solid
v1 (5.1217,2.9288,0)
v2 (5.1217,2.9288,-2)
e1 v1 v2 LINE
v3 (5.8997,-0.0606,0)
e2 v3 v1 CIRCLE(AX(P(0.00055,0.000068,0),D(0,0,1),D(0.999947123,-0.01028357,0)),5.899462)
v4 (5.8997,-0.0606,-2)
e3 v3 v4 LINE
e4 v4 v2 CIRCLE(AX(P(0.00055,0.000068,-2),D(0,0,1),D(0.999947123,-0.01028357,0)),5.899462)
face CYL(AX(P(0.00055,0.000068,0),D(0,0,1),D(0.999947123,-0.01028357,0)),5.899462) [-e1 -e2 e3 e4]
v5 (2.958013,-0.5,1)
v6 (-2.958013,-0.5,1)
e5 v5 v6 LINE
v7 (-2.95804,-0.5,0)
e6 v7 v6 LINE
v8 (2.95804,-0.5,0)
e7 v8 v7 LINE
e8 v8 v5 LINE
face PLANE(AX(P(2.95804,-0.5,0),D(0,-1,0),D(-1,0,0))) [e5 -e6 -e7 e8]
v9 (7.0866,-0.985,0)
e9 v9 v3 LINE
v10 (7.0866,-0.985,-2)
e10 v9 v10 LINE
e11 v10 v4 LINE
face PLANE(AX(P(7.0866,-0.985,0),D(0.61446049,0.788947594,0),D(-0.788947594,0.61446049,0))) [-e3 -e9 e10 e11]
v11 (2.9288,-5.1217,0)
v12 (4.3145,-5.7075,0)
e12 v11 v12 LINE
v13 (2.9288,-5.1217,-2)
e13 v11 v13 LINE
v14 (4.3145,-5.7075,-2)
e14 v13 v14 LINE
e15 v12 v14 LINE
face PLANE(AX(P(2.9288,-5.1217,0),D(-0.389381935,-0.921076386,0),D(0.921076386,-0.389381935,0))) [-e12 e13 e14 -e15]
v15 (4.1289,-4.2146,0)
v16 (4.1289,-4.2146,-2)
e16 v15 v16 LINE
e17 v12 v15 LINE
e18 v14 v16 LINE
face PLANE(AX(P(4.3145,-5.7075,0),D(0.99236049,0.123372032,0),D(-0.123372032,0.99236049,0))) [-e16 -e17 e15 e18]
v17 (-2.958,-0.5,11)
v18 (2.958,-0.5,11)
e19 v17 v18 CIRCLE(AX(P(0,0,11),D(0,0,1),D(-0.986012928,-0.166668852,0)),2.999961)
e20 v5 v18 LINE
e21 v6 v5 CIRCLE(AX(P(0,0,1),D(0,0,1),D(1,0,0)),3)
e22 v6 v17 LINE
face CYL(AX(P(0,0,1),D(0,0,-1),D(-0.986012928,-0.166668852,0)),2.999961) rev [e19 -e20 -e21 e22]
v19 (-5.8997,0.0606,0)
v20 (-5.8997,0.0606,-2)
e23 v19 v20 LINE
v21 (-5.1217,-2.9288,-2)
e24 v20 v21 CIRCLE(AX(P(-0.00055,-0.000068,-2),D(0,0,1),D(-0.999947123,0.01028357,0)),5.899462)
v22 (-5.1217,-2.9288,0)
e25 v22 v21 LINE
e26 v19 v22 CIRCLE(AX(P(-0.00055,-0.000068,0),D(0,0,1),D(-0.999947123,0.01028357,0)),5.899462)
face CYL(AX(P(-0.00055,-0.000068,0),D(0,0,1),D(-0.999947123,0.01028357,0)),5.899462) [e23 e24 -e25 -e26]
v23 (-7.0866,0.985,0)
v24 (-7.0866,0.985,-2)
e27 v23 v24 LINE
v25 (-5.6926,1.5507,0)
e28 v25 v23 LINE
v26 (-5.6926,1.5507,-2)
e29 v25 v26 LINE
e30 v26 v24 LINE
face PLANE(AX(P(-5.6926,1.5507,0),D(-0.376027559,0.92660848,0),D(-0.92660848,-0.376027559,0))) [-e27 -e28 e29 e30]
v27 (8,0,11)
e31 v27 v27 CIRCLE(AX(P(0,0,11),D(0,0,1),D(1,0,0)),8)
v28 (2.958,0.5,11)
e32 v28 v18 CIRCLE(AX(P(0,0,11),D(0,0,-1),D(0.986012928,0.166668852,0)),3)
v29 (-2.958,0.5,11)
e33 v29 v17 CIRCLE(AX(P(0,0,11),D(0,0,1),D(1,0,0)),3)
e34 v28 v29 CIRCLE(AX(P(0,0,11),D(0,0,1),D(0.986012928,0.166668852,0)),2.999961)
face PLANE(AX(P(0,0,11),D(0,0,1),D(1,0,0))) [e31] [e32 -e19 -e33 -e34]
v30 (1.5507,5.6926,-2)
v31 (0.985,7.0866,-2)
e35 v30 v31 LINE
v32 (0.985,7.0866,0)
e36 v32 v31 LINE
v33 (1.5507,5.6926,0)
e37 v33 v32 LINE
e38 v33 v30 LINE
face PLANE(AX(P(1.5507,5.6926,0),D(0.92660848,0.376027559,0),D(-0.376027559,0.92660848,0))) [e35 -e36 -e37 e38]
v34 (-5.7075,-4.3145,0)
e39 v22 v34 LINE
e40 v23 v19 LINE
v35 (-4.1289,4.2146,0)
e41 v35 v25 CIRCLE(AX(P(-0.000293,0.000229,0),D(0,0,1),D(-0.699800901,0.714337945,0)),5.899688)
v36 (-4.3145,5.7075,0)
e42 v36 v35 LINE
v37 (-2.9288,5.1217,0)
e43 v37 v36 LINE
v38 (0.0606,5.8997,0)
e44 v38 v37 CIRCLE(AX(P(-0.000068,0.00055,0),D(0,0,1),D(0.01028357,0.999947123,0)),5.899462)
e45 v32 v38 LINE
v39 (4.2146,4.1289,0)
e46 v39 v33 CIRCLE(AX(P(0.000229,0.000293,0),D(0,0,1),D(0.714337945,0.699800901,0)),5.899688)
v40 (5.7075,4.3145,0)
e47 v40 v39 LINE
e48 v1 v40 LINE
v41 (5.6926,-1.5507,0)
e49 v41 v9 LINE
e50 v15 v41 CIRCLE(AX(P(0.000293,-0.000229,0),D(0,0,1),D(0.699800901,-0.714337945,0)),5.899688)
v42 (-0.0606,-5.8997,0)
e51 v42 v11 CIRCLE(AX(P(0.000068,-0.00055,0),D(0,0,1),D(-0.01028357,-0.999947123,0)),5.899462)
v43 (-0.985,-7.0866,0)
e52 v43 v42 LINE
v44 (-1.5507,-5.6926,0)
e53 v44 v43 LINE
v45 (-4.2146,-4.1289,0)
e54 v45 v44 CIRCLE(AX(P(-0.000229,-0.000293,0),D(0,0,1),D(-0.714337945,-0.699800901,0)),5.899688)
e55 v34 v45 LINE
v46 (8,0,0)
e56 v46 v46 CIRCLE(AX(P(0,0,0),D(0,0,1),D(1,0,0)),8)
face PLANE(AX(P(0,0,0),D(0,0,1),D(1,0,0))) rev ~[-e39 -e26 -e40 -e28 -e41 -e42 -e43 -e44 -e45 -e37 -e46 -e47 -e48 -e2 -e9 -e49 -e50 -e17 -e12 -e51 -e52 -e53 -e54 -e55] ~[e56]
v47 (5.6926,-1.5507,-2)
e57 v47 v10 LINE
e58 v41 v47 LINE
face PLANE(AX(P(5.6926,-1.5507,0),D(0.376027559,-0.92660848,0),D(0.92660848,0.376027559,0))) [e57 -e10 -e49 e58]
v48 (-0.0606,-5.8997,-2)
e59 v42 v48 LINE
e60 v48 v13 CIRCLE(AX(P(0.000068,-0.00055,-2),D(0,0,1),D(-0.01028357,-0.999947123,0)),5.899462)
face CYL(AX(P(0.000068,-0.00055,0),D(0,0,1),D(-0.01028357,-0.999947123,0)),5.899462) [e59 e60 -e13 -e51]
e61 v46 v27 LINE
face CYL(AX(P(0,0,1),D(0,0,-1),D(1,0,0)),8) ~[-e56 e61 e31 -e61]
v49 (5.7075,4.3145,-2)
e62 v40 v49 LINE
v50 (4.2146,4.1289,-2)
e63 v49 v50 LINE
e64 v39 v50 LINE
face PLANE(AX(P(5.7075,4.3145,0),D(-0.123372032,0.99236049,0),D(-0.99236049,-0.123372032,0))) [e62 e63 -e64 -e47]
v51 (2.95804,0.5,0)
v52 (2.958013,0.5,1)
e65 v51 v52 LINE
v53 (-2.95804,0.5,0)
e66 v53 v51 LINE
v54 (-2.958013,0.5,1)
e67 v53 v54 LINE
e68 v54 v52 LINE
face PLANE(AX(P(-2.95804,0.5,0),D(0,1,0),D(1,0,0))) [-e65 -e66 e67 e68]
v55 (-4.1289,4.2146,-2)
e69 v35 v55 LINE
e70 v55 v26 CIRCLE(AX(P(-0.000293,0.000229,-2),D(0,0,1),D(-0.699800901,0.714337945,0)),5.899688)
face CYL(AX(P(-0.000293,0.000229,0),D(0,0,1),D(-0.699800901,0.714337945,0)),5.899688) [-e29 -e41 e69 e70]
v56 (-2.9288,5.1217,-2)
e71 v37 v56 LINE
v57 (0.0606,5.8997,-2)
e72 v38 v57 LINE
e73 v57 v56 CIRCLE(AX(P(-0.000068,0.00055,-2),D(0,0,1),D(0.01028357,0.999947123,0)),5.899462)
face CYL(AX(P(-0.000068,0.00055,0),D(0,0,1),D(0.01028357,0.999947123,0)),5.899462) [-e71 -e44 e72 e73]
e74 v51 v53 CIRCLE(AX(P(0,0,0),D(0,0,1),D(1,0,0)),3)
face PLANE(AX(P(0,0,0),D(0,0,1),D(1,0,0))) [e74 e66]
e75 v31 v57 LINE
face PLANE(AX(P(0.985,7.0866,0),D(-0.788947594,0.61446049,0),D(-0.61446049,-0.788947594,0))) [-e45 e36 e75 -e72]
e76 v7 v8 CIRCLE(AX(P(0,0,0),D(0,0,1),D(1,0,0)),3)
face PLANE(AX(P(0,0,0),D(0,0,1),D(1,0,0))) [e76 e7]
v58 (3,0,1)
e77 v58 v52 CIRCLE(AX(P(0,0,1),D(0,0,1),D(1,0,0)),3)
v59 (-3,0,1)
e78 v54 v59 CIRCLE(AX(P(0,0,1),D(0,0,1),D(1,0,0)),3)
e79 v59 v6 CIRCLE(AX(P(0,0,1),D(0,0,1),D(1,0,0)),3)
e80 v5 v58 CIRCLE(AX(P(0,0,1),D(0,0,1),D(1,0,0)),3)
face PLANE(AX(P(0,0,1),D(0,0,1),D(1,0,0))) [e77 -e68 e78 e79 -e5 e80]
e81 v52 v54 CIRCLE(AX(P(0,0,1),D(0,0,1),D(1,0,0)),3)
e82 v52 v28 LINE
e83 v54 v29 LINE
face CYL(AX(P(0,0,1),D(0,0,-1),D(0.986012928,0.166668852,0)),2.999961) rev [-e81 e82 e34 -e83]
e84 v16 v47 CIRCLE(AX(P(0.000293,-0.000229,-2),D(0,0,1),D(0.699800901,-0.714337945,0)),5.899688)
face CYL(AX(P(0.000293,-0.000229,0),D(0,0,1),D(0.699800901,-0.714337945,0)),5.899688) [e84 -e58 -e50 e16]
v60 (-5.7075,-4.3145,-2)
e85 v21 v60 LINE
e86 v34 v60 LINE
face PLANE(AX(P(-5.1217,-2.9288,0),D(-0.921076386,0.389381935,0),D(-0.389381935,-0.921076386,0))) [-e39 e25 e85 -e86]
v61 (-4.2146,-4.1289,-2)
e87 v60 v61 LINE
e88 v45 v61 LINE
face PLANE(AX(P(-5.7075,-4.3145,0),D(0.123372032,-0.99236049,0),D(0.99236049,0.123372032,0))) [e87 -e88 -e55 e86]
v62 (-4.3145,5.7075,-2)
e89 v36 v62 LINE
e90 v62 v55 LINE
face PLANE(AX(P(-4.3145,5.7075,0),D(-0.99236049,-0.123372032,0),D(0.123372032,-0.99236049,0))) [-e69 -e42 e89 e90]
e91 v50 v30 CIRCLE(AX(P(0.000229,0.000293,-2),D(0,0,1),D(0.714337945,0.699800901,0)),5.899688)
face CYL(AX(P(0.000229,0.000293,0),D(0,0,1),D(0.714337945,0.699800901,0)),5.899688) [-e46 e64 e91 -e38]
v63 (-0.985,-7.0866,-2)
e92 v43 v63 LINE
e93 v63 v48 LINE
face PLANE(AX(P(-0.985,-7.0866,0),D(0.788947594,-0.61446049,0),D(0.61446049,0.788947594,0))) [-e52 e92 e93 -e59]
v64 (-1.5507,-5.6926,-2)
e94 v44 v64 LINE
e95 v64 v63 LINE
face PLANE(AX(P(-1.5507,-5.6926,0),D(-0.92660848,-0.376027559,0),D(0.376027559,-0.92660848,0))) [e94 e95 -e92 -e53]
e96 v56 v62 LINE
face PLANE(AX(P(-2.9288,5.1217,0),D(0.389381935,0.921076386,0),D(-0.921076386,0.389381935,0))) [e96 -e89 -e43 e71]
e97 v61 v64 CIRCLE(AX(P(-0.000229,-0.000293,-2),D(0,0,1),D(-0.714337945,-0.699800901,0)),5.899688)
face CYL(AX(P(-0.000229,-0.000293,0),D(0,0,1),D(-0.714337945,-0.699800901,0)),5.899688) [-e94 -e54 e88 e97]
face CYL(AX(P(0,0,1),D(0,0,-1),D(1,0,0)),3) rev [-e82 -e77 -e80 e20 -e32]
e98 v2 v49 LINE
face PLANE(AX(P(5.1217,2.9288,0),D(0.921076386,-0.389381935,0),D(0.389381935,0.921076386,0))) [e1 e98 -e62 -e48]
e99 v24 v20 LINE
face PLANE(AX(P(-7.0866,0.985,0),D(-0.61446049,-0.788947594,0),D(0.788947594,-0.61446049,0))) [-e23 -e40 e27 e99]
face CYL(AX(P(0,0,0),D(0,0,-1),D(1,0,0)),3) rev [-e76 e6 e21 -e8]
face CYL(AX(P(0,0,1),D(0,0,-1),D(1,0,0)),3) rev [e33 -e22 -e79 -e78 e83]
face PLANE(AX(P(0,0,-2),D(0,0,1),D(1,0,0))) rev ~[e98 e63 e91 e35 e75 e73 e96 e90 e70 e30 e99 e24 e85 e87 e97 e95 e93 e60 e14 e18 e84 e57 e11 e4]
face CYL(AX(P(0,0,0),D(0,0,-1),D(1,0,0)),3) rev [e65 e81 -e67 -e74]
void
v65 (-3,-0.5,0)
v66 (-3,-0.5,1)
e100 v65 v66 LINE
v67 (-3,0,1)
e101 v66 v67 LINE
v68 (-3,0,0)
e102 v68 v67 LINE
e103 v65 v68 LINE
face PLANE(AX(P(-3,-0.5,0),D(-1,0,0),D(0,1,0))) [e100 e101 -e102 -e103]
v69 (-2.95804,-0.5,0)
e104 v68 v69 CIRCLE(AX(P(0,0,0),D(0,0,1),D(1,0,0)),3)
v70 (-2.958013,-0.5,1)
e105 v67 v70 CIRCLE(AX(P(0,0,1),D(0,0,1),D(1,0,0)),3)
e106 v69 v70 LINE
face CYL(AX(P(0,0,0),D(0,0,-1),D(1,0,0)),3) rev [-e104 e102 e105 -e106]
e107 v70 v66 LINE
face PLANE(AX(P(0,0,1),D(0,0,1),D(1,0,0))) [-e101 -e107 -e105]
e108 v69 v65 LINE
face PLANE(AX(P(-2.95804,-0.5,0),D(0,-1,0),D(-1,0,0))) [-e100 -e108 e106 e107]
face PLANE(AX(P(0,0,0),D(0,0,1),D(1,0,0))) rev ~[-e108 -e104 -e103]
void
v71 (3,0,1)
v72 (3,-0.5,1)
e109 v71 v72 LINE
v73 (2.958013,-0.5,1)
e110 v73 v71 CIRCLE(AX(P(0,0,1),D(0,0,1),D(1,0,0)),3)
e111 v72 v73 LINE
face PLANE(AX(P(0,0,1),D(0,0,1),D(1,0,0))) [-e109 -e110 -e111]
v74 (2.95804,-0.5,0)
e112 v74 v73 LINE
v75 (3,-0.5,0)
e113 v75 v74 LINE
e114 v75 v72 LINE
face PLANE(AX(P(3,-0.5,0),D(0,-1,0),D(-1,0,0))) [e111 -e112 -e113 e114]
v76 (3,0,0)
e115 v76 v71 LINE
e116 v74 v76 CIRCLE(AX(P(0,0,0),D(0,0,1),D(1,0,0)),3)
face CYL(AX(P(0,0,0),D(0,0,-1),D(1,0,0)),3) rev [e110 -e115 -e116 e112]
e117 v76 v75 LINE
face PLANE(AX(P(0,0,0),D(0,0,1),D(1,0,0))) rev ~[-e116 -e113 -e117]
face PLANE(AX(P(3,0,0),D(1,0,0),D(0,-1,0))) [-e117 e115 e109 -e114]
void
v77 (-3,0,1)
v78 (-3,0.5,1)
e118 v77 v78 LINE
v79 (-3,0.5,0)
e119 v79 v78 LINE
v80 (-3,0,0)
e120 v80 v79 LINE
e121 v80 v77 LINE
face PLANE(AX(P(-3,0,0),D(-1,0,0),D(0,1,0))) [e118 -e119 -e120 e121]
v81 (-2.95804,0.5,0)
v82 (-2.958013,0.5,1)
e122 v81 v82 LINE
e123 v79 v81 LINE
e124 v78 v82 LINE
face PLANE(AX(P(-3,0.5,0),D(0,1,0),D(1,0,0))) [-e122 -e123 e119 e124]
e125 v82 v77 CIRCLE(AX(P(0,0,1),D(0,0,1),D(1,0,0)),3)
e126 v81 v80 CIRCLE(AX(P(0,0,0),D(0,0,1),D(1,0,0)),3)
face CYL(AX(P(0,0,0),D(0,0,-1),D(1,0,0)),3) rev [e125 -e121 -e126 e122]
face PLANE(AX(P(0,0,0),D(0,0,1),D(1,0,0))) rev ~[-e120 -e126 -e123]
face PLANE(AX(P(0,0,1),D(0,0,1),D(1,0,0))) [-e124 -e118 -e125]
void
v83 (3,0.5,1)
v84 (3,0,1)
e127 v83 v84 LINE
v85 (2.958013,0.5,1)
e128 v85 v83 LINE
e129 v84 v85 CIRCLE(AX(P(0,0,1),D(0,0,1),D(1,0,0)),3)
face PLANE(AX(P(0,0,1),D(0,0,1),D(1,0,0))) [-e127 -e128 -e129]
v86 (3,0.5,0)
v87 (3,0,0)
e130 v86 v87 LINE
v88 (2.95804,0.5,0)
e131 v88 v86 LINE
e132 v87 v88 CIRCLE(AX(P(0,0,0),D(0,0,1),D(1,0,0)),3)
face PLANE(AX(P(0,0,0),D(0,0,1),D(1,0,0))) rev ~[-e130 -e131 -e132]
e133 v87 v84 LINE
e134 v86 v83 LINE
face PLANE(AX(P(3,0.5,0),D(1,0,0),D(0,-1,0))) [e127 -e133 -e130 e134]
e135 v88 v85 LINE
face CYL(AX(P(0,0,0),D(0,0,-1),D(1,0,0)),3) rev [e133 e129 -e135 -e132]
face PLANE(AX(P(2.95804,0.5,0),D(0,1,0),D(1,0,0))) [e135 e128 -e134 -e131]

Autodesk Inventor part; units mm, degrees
ref_plane "YZ Plane" through (0, 0, 0) normal (1, 0, 0) x (0, 1, 0)
ref_plane "XZ Plane" through (0, 0, 0) normal (0, 1, 0) x (-1, 0, 0)
ref_plane "XY Plane" through (0, 0, 0) normal (0, 0, 1) x (1, 0, 0)
sketch "Sketch1" plane through (0, 0, 0) normal (0, 0, 1) x (1, 0, 0)
  circle A0 centre (0, 0) radius 8 projected
  circle A1 centre (0, 0) radius 8 projected
  arc A2 (-4.1289, 4.2146) -> (-5.6926, 1.5507) centre (0, 0) ccw projected
  line L0 (-5.6926, 1.5507) -> (-7.0866, 0.985) projected
  line L1 (-7.0866, 0.985) -> (-5.8997, 0.0606) projected
  arc A3 (-5.8997, 0.0606) -> (-5.1217, -2.9288) centre (0, 0) ccw projected
  line L2 (-5.1217, -2.9288) -> (-5.7075, -4.3145) projected
  line L3 (-5.7075, -4.3145) -> (-4.2146, -4.1289) projected
  arc A4 (-4.2146, -4.1289) -> (-1.5507, -5.6926) centre (0, 0) ccw projected
  line L4 (-1.5507, -5.6926) -> (-0.985, -7.0866) projected
  line L5 (-0.985, -7.0866) -> (-0.0606, -5.8997) projected
  arc A5 (-0.0606, -5.8997) -> (2.9288, -5.1217) centre (0, 0) ccw projected
  line L6 (2.9288, -5.1217) -> (4.3145, -5.7075) projected
  line L7 (4.3145, -5.7075) -> (4.1289, -4.2146) projected
  arc A6 (4.1289, -4.2146) -> (5.6926, -1.5507) centre (0, 0) ccw projected
  line L8 (5.6926, -1.5507) -> (7.0866, -0.985) projected
  line L9 (7.0866, -0.985) -> (5.8997, -0.0606) projected
  arc A7 (5.8997, -0.0606) -> (5.1217, 2.9288) centre (0, 0) ccw projected
  line L10 (5.1217, 2.9288) -> (5.7075, 4.3145) projected
  line L11 (5.7075, 4.3145) -> (4.2146, 4.1289) projected
  arc A8 (4.2146, 4.1289) -> (1.5507, 5.6926) centre (0, 0) ccw projected
  line L12 (1.5507, 5.6926) -> (0.985, 7.0866) projected
  line L13 (0.985, 7.0866) -> (0.0606, 5.8997) projected
  arc A9 (0.0606, 5.8997) -> (-2.9288, 5.1217) centre (0, 0) ccw projected
  line L14 (-2.9288, 5.1217) -> (-4.3145, 5.7075) projected
  line L15 (-4.3145, 5.7075) -> (-4.1289, 4.2146) projected
  line L16 (7.2864, -1.0128) -> (5.7765, -1.6254) projected
  arc A10 (4.2351, -4.2514) -> (5.7765, -1.6254) centre (0, 0) ccw projected
  line L17 (4.2351, -4.2514) -> (4.4361, -5.8684) projected
  line L18 (4.4361, -5.8684) -> (2.9353, -5.234) projected
  arc A11 (-0.0115, -6.0008) -> (2.9353, -5.234) centre (0, 0) ccw projected
  line L19 (-0.0115, -6.0008) -> (-1.0128, -7.2864) projected
  line L20 (-1.0128, -7.2864) -> (-1.6254, -5.7765) projected
  arc A12 (-4.2514, -4.2351) -> (-1.6254, -5.7765) centre (0, 0) ccw projected
  line L21 (-4.2514, -4.2351) -> (-5.8684, -4.4361) projected
  line L22 (-5.8684, -4.4361) -> (-5.234, -2.9353) projected
  arc A13 (-6.0008, 0.0115) -> (-5.234, -2.9353) centre (0, 0) ccw projected
  line L23 (-6.0008, 0.0115) -> (-7.2864, 1.0128) projected
  line L24 (-7.2864, 1.0128) -> (-5.7765, 1.6254) projected
  arc A14 (-4.2351, 4.2514) -> (-5.7765, 1.6254) centre (0, 0) ccw projected
  line L25 (-4.2351, 4.2514) -> (-4.4361, 5.8684) projected
  line L26 (-4.4361, 5.8684) -> (-2.9353, 5.234) projected
  arc A15 (0.0115, 6.0008) -> (-2.9353, 5.234) centre (0, 0) ccw projected
  line L27 (0.0115, 6.0008) -> (1.0128, 7.2864) projected
  line L28 (1.0128, 7.2864) -> (1.6254, 5.7765) projected
  arc A16 (4.2514, 4.2351) -> (1.6254, 5.7765) centre (0, 0) ccw projected
  line L29 (4.2514, 4.2351) -> (5.8684, 4.4361) projected
  line L30 (5.8684, 4.4361) -> (5.234, 2.9353) projected
  arc A17 (6.0008, -0.0115) -> (5.234, 2.9353) centre (0, 0) ccw projected
  line L31 (6.0008, -0.0115) -> (7.2864, -1.0128) projected
  point P0 (0, 0)
extrude "Extrusion1" add sketch "Sketch1" against normal blind 2 contours L15 L14 A9 L13 L12 A8 L11 L10 A7 L9 L8 A6 L7 L6 A5 L5 L4 A4 L3 L2 A3 L1 L0 A2
sketch "Sketch2" plane through (0, 0, 0) normal (0, 0, 1) x (1, 0, 0)
  line L0 (7.2864, -1.0128) -> (5.7765, -1.6254) projected
  arc A0 (4.2351, -4.2514) -> (5.7765, -1.6254) centre (0, 0) ccw projected
  line L1 (4.2351, -4.2514) -> (4.4361, -5.8684) projected
  line L2 (4.4361, -5.8684) -> (2.9353, -5.234) projected
  arc A1 (-0.0115, -6.0008) -> (2.9353, -5.234) centre (0, 0) ccw projected
  line L3 (-0.0115, -6.0008) -> (-1.0128, -7.2864) projected
  line L4 (-1.0128, -7.2864) -> (-1.6254, -5.7765) projected
  arc A2 (-4.2514, -4.2351) -> (-1.6254, -5.7765) centre (0, 0) ccw projected
  line L5 (-4.2514, -4.2351) -> (-5.8684, -4.4361) projected
  line L6 (-5.8684, -4.4361) -> (-5.234, -2.9353) projected
  arc A3 (-6.0008, 0.0115) -> (-5.234, -2.9353) centre (0, 0) ccw projected
  line L7 (-6.0008, 0.0115) -> (-7.2864, 1.0128) projected
  line L8 (-7.2864, 1.0128) -> (-5.7765, 1.6254) projected
  arc A4 (-4.2351, 4.2514) -> (-5.7765, 1.6254) centre (0, 0) ccw projected
  line L9 (-4.2351, 4.2514) -> (-4.4361, 5.8684) projected
  line L10 (-4.4361, 5.8684) -> (-2.9353, 5.234) projected
  arc A5 (0.0115, 6.0008) -> (-2.9353, 5.234) centre (0, 0) ccw projected
  line L11 (0.0115, 6.0008) -> (1.0128, 7.2864) projected
  line L12 (1.0128, 7.2864) -> (1.6254, 5.7765) projected
  arc A6 (4.2514, 4.2351) -> (1.6254, 5.7765) centre (0, 0) ccw projected
  line L13 (4.2514, 4.2351) -> (5.8684, 4.4361) projected
  line L14 (5.8684, 4.4361) -> (5.234, 2.9353) projected
  arc A7 (6.0008, -0.0115) -> (5.234, 2.9353) centre (0, 0) ccw projected
  line L15 (6.0008, -0.0115) -> (7.2864, -1.0128) projected
  circle A8 centre (0, 0) radius 8 projected
  circle A9 centre (0, 0) radius 3
  line L16 (-3, 0.5) -> (3, 0.5)
  line L17 (3, 0.5) -> (3, -0.5)
  line L18 (3, -0.5) -> (-3, -0.5)
  line L19 (-3, -0.5) -> (-3, 0.5)
  line L20 (-3, 0.5) -> (3, -0.5) construction
  line L21 (3, 0.5) -> (-3, -0.5) construction
  point P0 (0, 0)
  point P1 (-3, 0)
  point P2 (-2.958, 0.5)
  point P3 (2.958, 0.5)
  point P4 (3, 0)
  point P5 (2.958, -0.5)
  point P6 (-2.958, -0.5)
  dimension "d2" = 6
  dimension "d3" = 6
  dimension "d4" = 1
extrude "Extrusion2" add sketch "Sketch2" along normal blind 1 contours L0 A0 L1 L2 A1 L3 L4 A2 L5 L6 A3 L7 L8 A4 L9 L10 A5 L11 L12 A6 L13 L14 A7 L15 | A8 | A9 L18 L16
sketch "Sketch3" plane through (0, 0, 1) normal (0, 0, 1) x (1, 0, 0)
  circle A0 centre (0, 0) radius 8 projected
  arc A1 (-2.958, -0.5) -> (2.958, -0.5) centre (0, 0) ccw projected
  line L0 (-2.958, -0.5) -> (2.958, -0.5) projected
  line L1 (2.958, 0.5) -> (-2.958, 0.5) projected
  arc A2 (2.958, 0.5) -> (-2.958, 0.5) centre (0, 0) ccw projected
  circle A3 centre (0, 0) radius 3
  point P0 (0, 0)
  point P1 (-2.958, -0.5)
  point P2 (2.958, -0.5)
extrude "Extrusion3" add sketch "Sketch3" along normal blind 10
properties part number "handle_base_potholder"
